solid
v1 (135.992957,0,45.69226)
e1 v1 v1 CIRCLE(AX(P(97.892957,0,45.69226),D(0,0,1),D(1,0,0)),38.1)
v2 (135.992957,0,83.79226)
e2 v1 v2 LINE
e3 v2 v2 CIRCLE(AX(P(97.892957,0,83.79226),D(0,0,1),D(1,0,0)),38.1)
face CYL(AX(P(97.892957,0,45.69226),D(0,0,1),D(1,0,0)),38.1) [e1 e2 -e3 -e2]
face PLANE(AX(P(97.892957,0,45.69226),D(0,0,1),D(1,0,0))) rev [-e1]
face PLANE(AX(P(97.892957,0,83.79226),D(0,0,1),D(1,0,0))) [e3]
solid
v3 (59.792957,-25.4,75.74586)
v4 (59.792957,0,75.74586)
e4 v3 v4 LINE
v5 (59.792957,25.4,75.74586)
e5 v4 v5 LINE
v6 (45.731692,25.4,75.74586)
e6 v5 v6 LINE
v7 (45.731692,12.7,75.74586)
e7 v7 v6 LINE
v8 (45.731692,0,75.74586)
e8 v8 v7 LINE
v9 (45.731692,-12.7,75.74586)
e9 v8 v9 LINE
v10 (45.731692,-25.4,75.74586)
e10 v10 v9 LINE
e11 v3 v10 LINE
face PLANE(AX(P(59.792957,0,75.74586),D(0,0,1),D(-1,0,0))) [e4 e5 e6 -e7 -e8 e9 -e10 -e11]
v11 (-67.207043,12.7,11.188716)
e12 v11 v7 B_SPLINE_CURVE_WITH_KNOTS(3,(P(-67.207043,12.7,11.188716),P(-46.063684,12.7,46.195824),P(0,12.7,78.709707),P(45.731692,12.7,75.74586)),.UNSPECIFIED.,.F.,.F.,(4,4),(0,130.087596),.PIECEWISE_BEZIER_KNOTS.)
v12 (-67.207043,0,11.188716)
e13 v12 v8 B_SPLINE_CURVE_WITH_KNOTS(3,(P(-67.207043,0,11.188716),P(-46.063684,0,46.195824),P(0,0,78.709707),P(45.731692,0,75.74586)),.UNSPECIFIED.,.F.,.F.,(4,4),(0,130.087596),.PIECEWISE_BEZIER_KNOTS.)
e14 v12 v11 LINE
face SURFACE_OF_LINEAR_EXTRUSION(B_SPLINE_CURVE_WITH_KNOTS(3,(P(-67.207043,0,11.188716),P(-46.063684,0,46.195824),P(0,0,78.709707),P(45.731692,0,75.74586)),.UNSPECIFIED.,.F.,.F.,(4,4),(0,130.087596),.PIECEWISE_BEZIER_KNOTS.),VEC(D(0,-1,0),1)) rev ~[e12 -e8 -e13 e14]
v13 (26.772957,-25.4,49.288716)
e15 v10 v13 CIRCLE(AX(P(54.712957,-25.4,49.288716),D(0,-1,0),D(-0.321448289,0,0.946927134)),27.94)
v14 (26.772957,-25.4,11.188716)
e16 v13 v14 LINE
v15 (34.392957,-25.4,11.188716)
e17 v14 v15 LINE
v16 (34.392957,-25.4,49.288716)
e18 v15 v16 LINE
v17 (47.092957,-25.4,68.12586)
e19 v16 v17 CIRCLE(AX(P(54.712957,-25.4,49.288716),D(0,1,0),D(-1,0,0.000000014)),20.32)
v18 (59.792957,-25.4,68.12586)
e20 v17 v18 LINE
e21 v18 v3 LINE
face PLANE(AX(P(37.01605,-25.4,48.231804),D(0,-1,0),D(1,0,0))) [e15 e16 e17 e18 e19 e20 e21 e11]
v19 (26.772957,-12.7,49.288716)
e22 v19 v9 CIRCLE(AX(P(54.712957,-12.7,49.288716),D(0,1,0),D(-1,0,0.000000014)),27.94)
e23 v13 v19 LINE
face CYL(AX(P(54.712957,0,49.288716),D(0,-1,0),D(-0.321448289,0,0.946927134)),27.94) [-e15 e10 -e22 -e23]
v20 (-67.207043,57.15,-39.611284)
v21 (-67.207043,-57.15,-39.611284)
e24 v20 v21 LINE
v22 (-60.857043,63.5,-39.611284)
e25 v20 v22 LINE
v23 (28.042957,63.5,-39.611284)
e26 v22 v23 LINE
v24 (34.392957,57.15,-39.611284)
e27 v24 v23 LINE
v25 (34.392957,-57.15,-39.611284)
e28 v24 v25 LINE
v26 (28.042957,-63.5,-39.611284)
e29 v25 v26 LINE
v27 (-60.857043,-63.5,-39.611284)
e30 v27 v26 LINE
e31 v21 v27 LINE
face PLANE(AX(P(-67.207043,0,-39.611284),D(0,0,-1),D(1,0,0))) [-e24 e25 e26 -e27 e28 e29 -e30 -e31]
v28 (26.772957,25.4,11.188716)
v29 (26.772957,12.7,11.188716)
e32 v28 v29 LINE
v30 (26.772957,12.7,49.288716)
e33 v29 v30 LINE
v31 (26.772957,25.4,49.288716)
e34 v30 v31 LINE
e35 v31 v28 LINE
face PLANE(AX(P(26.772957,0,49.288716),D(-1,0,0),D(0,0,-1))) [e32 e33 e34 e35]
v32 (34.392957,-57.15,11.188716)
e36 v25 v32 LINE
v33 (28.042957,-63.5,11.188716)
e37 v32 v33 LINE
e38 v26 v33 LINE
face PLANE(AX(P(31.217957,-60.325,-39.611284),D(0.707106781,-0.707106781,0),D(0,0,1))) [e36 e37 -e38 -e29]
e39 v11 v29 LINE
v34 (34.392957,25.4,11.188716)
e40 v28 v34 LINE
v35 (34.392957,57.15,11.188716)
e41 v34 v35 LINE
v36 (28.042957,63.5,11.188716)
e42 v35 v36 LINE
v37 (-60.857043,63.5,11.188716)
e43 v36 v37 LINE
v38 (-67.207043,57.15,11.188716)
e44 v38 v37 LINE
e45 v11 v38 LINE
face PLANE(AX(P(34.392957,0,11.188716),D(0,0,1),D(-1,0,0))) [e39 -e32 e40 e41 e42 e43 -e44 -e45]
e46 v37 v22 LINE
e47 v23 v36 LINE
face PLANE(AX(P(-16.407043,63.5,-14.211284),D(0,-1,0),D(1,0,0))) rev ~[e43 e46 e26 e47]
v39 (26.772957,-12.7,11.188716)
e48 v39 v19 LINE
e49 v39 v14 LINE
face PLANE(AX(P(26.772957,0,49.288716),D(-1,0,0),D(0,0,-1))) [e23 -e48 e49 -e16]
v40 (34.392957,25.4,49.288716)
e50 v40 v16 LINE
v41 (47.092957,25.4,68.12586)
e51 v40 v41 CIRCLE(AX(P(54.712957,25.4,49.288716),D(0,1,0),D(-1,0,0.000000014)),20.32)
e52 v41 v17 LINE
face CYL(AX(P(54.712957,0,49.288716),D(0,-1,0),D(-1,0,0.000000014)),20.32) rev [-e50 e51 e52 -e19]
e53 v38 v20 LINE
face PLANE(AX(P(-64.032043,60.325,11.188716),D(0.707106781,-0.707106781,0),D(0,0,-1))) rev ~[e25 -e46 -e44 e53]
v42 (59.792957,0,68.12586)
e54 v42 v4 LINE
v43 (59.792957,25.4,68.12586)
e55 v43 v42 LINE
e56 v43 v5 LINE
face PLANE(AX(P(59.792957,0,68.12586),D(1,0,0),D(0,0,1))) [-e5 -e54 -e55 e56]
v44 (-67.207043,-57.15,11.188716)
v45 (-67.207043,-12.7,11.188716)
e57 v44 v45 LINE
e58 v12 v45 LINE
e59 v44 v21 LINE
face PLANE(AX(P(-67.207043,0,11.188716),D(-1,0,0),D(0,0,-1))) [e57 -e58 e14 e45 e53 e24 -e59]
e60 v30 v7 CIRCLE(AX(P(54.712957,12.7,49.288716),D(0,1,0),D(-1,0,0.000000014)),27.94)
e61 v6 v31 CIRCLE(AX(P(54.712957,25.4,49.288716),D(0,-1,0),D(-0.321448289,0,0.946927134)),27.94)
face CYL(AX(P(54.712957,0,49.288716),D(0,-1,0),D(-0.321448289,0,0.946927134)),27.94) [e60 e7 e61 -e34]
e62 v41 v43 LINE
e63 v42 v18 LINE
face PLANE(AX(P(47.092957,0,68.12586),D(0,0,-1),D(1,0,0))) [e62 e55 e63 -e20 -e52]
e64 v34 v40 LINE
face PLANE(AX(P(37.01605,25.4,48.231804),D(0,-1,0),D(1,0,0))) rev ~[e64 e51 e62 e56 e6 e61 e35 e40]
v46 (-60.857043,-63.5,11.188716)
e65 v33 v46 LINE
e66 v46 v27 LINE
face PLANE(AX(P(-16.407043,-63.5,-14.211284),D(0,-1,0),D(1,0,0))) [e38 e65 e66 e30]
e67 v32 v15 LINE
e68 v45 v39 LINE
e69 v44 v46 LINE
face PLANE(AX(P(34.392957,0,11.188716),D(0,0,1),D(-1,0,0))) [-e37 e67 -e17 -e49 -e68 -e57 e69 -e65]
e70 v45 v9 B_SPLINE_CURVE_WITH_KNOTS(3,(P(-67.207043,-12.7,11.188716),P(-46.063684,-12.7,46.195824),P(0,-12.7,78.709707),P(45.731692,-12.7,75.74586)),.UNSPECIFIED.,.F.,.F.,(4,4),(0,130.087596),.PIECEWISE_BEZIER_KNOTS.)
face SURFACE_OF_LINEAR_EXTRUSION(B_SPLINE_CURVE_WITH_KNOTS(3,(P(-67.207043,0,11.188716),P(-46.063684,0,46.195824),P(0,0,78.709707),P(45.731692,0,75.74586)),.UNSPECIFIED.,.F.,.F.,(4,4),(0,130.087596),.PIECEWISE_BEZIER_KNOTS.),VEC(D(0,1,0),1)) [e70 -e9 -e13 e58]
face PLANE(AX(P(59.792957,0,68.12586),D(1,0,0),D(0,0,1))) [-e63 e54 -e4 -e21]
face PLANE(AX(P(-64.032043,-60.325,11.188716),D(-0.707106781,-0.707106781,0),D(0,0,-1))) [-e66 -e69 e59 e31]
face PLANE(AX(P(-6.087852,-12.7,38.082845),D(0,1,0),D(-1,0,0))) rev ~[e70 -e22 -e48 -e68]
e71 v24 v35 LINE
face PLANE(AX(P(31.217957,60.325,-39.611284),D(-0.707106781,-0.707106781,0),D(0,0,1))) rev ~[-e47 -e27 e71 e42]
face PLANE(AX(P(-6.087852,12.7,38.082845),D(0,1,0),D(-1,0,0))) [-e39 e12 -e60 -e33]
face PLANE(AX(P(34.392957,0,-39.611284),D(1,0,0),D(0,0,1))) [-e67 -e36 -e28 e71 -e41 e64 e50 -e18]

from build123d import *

# Parameters (mm, degrees)
F1_DEPTH = 63.5
F2_DEPTH = 25.4
F3_DEPTH = 12.7
F5_SIZE  = 6.35


with BuildPart() as f1:
    # F0 (on Front) → F1 (new body, symmetric)
    with BuildSketch(Plane.XZ):
        Polygon((26.772957, 11.188716), (-67.207043, 11.188716), (-67.207043, -39.611284), (34.392957, -39.611284), (34.392957, 11.188716), align=None)
    extrude(amount=F1_DEPTH, both=True)

    # F0 (on Front) → F2 (join, symmetric)
    with BuildSketch(Plane.XZ):
        with BuildLine():
            Line((26.772957, 49.288716), (26.772957, 11.188716))
            Line((26.772957, 11.188716), (34.392957, 11.188716))
            Line((34.392957, 11.188716), (34.392957, 49.288716))
            ThreePointArc((34.392957, 49.288716), (37.864503, 60.647941), (47.092957, 68.12586))
            Line((47.092957, 68.12586), (59.792957, 68.12586))
            Line((59.792957, 68.12586), (59.792957, 75.74586))
            Line((59.792957, 75.74586), (45.731692, 75.74586))
            ThreePointArc((45.731692, 75.74586), (32.001945, 65.563037), (26.772957, 49.288716))
        make_face()
    extrude(amount=F2_DEPTH, both=True)

    # F0 (on Front) → F3 (join, symmetric)
    with BuildSketch(Plane.XZ):
        with BuildLine():
            add(Edge.make_bspline(
                [(-67.207043, 11.188716), (-46.063684, 46.195824), (0, 78.709707), (45.731692, 75.74586)],
                knots=[0, 0, 0, 0, 130.087596, 130.087596, 130.087596, 130.087596], degree=3))
            Line((-67.207043, 11.188716), (26.772957, 11.188716))
            Line((26.772957, 11.188716), (26.772957, 49.288716))
            ThreePointArc((26.772957, 49.288716), (32.001945, 65.563037), (45.731692, 75.74586))
        make_face()
    extrude(amount=F3_DEPTH, both=True)

    # F0 (on Front) → F4 (revolve)
    with BuildSketch(Plane.XZ):
        Polygon((97.892957, 83.79226), (97.892957, 75.74586), (97.892957, 68.12586), (97.892957, 45.69226), (135.992957, 45.69226), (135.992957, 83.79226), align=None)
    revolve(axis=Axis((97.892957, 0, 79.76906), (0, 0, 1)))

    # F5
    f5_edges = [f1.edges().sort_by_distance(p)[0] for p in [
        (34.392957, -63.5, -14.211284),
        (-67.207043, -63.5, -14.211284),
        (34.392957, 63.5, -14.211284),
        (-67.207043, 63.5, -14.211284),
    ]]
    chamfer(f5_edges, length=F5_SIZE)


solid = f1.part
